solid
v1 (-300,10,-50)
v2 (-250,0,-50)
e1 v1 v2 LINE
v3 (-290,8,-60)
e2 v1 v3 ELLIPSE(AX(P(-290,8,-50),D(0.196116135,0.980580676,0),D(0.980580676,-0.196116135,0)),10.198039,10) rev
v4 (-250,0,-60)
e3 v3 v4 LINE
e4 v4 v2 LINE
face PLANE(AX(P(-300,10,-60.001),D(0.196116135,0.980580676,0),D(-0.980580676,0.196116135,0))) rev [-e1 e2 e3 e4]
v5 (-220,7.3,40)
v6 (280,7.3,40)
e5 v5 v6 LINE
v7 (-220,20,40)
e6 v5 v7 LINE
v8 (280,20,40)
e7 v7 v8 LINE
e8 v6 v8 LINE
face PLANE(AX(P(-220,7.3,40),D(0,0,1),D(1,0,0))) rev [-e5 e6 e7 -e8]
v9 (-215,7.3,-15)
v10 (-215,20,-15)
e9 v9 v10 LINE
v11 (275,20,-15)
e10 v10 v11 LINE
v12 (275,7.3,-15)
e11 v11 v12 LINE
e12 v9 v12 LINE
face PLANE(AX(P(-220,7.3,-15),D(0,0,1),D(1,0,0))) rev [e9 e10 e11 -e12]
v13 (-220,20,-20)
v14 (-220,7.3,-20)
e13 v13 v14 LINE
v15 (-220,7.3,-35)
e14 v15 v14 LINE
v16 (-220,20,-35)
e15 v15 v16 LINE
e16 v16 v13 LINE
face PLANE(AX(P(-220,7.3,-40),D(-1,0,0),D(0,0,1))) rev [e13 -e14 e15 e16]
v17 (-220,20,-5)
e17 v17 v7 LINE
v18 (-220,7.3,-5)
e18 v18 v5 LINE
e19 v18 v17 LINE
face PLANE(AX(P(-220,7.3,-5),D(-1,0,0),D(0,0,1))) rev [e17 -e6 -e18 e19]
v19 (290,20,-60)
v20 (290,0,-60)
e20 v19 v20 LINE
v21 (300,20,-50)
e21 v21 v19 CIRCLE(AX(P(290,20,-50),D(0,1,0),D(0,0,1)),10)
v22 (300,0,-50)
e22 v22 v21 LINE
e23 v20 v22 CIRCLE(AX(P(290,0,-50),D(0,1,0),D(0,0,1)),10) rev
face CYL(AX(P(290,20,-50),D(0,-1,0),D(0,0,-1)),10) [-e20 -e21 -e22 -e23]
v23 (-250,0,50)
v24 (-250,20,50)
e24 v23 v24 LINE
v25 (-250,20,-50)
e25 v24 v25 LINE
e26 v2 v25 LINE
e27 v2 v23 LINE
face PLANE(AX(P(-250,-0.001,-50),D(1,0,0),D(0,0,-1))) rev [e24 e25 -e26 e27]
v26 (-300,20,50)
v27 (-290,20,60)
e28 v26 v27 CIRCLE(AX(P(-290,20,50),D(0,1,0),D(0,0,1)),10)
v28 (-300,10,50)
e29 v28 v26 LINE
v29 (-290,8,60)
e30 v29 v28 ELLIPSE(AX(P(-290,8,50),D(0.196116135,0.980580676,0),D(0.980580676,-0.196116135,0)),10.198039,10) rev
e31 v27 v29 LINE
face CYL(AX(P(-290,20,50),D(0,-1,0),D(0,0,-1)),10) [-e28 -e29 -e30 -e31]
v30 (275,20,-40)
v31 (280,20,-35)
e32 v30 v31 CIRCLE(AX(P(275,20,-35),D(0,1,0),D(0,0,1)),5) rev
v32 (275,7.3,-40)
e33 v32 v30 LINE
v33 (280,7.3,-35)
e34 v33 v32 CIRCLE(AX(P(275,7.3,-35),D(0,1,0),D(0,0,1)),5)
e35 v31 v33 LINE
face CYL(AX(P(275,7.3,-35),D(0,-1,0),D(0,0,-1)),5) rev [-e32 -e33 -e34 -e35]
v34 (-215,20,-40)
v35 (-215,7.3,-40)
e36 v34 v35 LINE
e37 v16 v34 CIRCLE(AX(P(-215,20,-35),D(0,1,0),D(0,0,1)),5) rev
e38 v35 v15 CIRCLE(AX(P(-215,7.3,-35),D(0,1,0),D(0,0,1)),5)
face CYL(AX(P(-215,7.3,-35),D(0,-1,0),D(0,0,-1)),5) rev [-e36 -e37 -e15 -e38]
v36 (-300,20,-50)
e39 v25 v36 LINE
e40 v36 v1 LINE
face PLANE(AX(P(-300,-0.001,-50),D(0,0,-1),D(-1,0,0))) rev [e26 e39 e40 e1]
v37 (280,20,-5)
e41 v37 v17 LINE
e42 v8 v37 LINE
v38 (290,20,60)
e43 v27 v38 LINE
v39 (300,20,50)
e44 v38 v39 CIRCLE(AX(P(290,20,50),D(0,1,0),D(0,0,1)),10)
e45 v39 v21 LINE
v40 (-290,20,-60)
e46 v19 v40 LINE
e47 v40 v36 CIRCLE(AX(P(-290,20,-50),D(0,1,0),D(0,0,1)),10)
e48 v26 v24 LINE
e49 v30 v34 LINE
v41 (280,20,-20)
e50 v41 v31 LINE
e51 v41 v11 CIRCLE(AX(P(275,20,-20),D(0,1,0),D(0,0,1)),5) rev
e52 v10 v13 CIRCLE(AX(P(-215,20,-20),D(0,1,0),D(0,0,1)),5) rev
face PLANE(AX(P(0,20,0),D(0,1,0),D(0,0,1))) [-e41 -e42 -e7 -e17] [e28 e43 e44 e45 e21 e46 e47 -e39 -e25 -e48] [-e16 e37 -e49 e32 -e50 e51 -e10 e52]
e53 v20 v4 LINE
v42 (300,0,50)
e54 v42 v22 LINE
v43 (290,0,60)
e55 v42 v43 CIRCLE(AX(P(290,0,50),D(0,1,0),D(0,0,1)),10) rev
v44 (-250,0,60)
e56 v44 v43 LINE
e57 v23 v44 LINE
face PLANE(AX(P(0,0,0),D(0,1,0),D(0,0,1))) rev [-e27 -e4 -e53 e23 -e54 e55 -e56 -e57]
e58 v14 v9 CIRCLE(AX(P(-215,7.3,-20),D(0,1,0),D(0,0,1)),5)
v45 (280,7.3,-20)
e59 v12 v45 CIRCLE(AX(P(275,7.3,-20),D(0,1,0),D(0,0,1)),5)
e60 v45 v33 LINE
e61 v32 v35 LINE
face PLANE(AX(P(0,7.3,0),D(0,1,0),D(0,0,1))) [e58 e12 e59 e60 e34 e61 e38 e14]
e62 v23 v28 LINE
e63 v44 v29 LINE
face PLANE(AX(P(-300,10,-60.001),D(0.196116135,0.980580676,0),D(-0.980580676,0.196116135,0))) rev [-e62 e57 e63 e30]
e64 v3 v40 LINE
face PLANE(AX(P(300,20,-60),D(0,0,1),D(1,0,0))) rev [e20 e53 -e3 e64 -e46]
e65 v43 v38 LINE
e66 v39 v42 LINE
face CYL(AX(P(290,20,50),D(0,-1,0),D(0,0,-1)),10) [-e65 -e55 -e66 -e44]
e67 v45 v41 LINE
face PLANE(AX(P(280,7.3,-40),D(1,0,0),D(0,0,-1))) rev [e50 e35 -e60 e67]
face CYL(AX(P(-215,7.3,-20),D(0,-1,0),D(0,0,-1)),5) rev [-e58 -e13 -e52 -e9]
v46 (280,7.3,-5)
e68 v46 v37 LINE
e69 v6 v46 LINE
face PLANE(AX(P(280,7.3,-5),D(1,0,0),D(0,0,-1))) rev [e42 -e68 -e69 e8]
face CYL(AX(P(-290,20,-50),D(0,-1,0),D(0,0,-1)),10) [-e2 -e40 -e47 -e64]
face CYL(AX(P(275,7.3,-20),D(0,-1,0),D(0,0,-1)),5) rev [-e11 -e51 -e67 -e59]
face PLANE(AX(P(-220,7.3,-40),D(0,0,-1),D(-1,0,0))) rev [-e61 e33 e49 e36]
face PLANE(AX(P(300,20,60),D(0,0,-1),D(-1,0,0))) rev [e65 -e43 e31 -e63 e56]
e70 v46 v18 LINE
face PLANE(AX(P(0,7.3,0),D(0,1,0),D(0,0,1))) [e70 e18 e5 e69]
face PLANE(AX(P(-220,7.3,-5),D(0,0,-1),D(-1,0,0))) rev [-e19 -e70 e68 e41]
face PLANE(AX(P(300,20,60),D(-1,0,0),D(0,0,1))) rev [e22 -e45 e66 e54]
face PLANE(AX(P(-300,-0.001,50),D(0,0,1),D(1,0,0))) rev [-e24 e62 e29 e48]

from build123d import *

# Parameters (mm, degrees)
SKETCH1_W           = 600
SKETCH1_H           = 120
BOSS_EXTRUDE1_DEPTH = 20
CUT_EXTRUDE1_REACH  = 325.728
SKETCH6_W           = 500
SKETCH6_H           = 25
SKETCH6_H_2         = 45
CUT_EXTRUDE2_DEPTH  = 12.7
FILLET1_R           = 10
FILLET2_R           = 5
CUT_EXTRUDE3_REACH  = 308.594
SKETCH7_W           = 50
SKETCH7_H           = 100


with BuildPart() as part:
    # Sketch1 → Boss-Extrude1 (new body)
    with BuildSketch(Plane(origin=(0, 0, 0), x_dir=(1, 0, 0), z_dir=(0, 1, 0))):
        Rectangle(SKETCH1_W, SKETCH1_H)
    extrude(amount=BOSS_EXTRUDE1_DEPTH)

    # Sketch4 → Cut-Extrude1 (cut, up to next)
    with BuildSketch(Plane.XY.offset(60), mode=Mode.PRIVATE) as cut_extrude1_sk1:
        Polygon((-300, 10), (-250, 0), (-300, 0), align=None)
    cut_extrude1_tool1 = extrude(cut_extrude1_sk1.sketch, amount=-CUT_EXTRUDE1_REACH, mode=Mode.PRIVATE) & part.part
    add(cut_extrude1_tool1.solids().sort_by_distance((-283.333333, 3.333333, 60))[0], mode=Mode.SUBTRACT)

    # Sketch6 → Cut-Extrude2 (cut)
    with BuildSketch(Plane(origin=(0, 20, 0), x_dir=(1, 0, 0), z_dir=(0, 1, 0))):
        with Locations((30, 27.5)):
            Rectangle(SKETCH6_W, SKETCH6_H)
        with Locations((30, -17.5)):
            Rectangle(SKETCH6_W, SKETCH6_H_2)
    extrude(amount=-CUT_EXTRUDE2_DEPTH, mode=Mode.SUBTRACT)

    # Fillet1
    fillet1_edges = [part.edges().sort_by_distance(p)[0] for p in [
        (-300, 15, -60),
        (300, 10, -60),
        (300, 10, 60),
        (-300, 15, 60),
    ]]
    fillet(fillet1_edges, radius=FILLET1_R)

    # Fillet2
    fillet2_edges = [part.edges().sort_by_distance(p)[0] for p in [
        (-220, 13.65, -15),
        (-220, 13.65, -40),
        (280, 13.65, -40),
        (280, 13.65, -15),
    ]]
    fillet(fillet2_edges, radius=FILLET2_R)

    # Sketch7 → Cut-Extrude3 (cut, up to next)
    with BuildSketch(Plane(origin=(0, 20, 0), x_dir=(1, 0, 0), z_dir=(0, 1, 0)), mode=Mode.PRIVATE) as cut_extrude3_sk1:
        with Locations((-275, 0)):
            Rectangle(SKETCH7_W, SKETCH7_H)
    cut_extrude3_tool1 = extrude(cut_extrude3_sk1.sketch, amount=-CUT_EXTRUDE3_REACH, mode=Mode.PRIVATE) & part.part
    add(cut_extrude3_tool1.solids().sort_by_distance((-275, 20, 0))[0], mode=Mode.SUBTRACT)


solid = part.part
